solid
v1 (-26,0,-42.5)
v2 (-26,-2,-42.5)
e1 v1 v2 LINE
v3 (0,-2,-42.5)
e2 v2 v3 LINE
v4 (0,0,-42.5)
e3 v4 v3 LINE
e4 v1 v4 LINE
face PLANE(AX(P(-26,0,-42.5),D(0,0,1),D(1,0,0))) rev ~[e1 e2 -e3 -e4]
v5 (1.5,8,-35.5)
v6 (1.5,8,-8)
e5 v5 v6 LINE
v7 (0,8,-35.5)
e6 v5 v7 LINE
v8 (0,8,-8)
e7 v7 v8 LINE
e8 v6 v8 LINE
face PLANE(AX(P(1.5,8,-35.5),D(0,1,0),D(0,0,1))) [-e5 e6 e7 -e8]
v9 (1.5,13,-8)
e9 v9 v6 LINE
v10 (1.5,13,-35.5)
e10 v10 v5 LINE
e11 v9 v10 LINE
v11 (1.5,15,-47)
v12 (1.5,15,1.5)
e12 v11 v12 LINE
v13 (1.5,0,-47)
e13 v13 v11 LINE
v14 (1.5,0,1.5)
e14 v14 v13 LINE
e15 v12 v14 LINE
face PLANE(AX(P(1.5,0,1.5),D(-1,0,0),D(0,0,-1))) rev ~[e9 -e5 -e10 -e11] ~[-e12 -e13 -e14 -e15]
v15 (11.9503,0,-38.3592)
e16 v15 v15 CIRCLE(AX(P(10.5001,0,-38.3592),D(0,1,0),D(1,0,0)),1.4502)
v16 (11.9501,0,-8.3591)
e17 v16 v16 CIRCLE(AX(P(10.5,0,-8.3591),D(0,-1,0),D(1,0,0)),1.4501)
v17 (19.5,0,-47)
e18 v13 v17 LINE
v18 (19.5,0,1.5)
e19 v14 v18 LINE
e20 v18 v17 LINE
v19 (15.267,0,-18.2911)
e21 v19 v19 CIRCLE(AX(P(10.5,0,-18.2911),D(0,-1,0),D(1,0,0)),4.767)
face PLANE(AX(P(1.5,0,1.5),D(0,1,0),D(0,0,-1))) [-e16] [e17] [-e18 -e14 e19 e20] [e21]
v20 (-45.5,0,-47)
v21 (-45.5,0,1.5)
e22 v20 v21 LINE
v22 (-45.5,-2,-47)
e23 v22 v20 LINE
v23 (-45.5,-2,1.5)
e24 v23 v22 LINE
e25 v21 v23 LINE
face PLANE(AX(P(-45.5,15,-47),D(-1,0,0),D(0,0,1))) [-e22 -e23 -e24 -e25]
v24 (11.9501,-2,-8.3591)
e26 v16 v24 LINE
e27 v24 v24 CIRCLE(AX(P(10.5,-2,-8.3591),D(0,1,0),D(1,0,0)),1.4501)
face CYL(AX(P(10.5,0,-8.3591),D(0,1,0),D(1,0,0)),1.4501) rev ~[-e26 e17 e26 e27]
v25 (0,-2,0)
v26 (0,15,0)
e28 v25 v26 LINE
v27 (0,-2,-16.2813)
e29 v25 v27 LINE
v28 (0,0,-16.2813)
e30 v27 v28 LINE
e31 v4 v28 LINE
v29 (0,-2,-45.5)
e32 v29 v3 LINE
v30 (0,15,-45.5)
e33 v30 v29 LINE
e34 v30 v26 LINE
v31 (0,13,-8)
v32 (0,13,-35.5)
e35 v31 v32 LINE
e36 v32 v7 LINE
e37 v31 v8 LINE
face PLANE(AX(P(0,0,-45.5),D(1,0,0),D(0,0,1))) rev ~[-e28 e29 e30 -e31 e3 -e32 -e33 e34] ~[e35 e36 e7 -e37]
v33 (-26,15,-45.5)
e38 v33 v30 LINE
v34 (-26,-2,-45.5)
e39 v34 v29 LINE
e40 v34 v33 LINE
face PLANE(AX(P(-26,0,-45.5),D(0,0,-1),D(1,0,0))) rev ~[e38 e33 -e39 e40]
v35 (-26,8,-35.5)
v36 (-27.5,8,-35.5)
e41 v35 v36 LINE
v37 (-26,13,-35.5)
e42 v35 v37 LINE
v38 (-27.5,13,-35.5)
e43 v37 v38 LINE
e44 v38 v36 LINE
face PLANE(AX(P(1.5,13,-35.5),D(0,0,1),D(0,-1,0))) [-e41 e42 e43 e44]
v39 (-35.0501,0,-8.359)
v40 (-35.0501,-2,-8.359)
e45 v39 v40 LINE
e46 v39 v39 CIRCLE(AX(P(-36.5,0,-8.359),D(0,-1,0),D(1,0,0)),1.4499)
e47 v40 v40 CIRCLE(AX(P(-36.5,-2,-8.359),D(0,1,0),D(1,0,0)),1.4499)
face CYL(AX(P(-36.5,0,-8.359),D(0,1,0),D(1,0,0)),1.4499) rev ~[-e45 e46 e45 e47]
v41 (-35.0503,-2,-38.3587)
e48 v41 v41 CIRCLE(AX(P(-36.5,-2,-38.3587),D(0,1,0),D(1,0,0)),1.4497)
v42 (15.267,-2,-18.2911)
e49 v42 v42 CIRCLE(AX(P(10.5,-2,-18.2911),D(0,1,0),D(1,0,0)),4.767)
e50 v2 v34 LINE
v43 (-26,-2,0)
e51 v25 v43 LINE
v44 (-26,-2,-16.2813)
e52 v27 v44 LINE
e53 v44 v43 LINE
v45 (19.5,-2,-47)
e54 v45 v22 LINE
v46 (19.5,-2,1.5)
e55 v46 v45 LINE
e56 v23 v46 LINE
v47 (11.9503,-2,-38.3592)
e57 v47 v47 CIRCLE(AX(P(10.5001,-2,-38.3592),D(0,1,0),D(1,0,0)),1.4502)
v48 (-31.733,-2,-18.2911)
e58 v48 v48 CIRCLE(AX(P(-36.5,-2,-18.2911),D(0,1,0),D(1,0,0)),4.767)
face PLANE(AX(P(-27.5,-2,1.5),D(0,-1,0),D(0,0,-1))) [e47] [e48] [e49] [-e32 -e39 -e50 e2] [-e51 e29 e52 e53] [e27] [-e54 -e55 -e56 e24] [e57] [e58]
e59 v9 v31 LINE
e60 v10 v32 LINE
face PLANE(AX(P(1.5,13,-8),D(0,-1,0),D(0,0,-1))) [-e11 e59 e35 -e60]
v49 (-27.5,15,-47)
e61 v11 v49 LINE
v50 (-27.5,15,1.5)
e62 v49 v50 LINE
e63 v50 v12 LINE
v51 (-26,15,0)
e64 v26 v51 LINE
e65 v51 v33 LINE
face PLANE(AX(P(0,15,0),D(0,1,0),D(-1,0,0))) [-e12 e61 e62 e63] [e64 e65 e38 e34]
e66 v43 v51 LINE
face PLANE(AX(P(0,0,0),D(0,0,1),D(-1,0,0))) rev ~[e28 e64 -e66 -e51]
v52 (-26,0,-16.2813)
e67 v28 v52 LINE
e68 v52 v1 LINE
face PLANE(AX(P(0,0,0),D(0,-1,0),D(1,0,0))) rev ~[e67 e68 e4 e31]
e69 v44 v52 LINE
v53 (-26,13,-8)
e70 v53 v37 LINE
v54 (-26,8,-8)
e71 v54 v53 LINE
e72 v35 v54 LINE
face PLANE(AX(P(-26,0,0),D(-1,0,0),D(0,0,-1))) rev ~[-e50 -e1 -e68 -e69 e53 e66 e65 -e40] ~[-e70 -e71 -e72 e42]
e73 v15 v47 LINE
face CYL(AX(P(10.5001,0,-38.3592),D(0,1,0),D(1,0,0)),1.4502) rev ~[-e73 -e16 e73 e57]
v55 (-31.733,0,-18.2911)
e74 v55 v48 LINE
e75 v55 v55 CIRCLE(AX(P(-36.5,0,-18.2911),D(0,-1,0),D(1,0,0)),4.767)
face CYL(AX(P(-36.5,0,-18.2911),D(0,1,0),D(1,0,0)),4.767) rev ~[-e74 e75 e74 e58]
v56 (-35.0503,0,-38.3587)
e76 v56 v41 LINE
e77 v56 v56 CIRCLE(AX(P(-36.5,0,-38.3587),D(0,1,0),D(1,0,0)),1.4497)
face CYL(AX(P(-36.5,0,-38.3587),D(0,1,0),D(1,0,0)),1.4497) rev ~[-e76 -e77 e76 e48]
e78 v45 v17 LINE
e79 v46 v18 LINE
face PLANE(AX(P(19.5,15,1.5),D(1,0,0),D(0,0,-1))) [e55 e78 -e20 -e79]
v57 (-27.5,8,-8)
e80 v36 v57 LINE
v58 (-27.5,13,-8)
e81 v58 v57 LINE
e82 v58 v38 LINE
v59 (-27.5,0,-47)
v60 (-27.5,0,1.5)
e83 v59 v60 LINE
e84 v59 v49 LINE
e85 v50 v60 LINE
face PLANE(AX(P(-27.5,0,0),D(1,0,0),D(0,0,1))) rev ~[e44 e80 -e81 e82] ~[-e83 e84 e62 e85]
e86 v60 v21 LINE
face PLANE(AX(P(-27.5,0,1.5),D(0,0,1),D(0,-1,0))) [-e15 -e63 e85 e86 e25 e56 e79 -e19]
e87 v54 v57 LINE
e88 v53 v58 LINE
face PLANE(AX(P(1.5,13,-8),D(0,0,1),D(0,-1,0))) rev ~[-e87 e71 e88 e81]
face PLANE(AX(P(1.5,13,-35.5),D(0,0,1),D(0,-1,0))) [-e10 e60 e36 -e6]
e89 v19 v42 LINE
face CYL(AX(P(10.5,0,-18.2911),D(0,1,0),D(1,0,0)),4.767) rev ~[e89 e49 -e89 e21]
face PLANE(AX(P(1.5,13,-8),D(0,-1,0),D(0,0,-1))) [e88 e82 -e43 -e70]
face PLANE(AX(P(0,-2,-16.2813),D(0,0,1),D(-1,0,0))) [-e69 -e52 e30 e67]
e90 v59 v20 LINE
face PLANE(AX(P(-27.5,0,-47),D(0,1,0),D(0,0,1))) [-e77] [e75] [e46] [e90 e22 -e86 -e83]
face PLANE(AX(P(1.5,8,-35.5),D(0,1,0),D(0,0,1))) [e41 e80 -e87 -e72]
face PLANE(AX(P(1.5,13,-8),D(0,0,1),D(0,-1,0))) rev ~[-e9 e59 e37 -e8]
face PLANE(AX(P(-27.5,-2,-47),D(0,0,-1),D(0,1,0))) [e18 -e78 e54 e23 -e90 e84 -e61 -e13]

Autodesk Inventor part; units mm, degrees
ref_plane "YZ Plane" through (0, 0, 0) normal (1, 0, 0) x (0, 1, 0)
ref_plane "XZ Plane" through (0, 0, 0) normal (0, 1, 0) x (-1, 0, 0)
sketch "Sketch1" plane through (0, 0, 0) normal (0, 1, 0) x (-1, 0, 0)
  line L0 (0, 0) -> (26, 0)
  line L1 (26, 0) -> (26, -45.5)
  line L2 (26, -45.5) -> (0, -45.5)
  line L3 (0, -45.5) -> (0, 0)
  line L4 (-1.5, 0) -> (-1.5, -45.5)
  line L5 (-1.5, -45.5) -> (-1.5, -47)
  line L6 (-1.5, -47) -> (26, -47)
  line L7 (26, -47) -> (27.5, -47)
  line L8 (27.5, -47) -> (27.5, 0)
  line L9 (27.5, 0) -> (27.5, 1.5)
  line L10 (27.5, 1.5) -> (-1.5, 1.5)
  line L11 (-1.5, 1.5) -> (-1.5, 0)
  dimension "d0" = 26
  dimension "d1" = 45.5
  dimension "d3" = 1.5
  dimension "d4" = 1.5
  dimension "d5" = 1.5
extrude "Extrusion1" add sketch "Sketch1" along normal blind 15
sketch "Sketch2" plane through (1.5, 0, 1.5) normal (1, 0, 0) x (0, 0, -1)
  line L0 (9.5, 13) -> (37, 13)
  line L1 (37, 13) -> (37, 8)
  line L2 (9.5, 13) -> (9.5, 8)
  line L3 (37, 8) -> (9.5, 8)
  point P0 (1.5, 0)
  point P1 (48.5, 0)
extrude "Extrusion2" cut sketch "Sketch2" against normal up to surface (29 mm away)
sketch "Sketch3" plane through (0, 0, 0) normal (0, -1, 0) x (1, 0, 0)
  line L0 (1.5, 1.5) -> (1.5, -47) projected
  line L1 (-27.5, 1.5) -> (1.5, 1.5) projected
  line L2 (-27.5, -47) -> (-27.5, 1.5) projected
  line L3 (1.5, -47) -> (-27.5, -47) projected
  line L4 (0, 0) -> (-26, 0) projected
  line L5 (0, -45.5) -> (0, 0) projected
  line L6 (-26, -45.5) -> (0, -45.5) projected
  line L7 (-26, 0) -> (-26, -45.5) projected
  line L8 (0, 0) -> (-26, 0) projected
  line L9 (-26, 0) -> (-26, -3)
  line L10 (-26, 0) -> (-26, -45.5) projected
  line L11 (-26, -3) -> (0, -3)
  line L12 (0, -45.5) -> (0, 0) projected
  line L13 (-26, -45.5) -> (-26, -42.5)
  line L14 (-26, -42.5) -> (0, -42.5)
  line L15 (0, -42.5) -> (-26, -42.5)
  line L16 (-26, -42.5) -> (-26, -3)
  line L17 (-26, -3) -> (0, -3)
  line L18 (0, -3) -> (0, -42.5)
  dimension "d15" = 3
  dimension "d16" = 3
extrude "Extrusion3" add sketch "Sketch3" along normal blind 2 contours L0 L3 L2 L1 | L5 L14 L7 L11
sketch "Sketch5" plane through (0, -2, 0) normal (0, -1, 0) x (1, 0, 0)
  line L0 (0, -3) -> (-26, -3) projected
  line L1 (0, -35.5) -> (0, -8) projected
  line L2 (-26, -3) -> (0, -3)
  line L3 (0, -3) -> (0, -16.2813)
  line L4 (0, -16.2813) -> (-26, -16.2813)
  line L5 (-26, -16.2813) -> (-26, -3)
  point P0 (0, 0)
  point P1 (0, -8)
ref_plane "Work Plane1" through (-23.6, 15, -43.3) normal (0, 1, 0) x (0, 0, 1)
extrude "Extrusion4" cut sketch "Sketch5" against normal up to surface (17 mm away)
sketch "Sketch6" plane through (1.5, 15, 1.5) normal (1, 0, 0) x (0, 0, -1)
  line L0 (0, -17) -> (48.5, -17) projected
  line L1 (0, -17) -> (0, -15)
  line L2 (0, 0) -> (0, -17) projected
  line L3 (0, -15) -> (48.5, -15)
  line L4 (48.5, -17) -> (48.5, 0) projected
  line L5 (48.5, -17) -> (48.5, -15)
  line L6 (48.5, -17) -> (0, -17)
  point P0 (1.5, -15)
  dimension "d21" = 2
extrude "Extrusion5" add sketch "Sketch6" along normal blind 18
sketch "Sketch7" plane through (-27.5, 15, -47) normal (-1, 0, 0) x (0, 0, 1)
  line L0 (0, -15) -> (48.5, -15) projected
  line L1 (48.5, -15) -> (48.5, -17) projected
  line L2 (48.5, -17) -> (0, -17) projected
  line L3 (0, -17) -> (0, -15) projected
  point P0 (47, -15)
extrude "Extrusion6" add sketch "Sketch7" along normal blind 18
sketch "Sketch8" plane through (1.5, 0, 1.5) normal (0, 1, 0) x (1, 0, 0)
  circle A0 centre (9, 9.8591) radius 1.4501 projected
  circle A1 centre (9.0001, 39.8592) radius 1.4502 projected
  circle A2 centre (-38, 9.859) radius 1.4499 projected
  circle A3 centre (-38, 39.8587) radius 1.4497 projected
  line L0 (9, 9.8591) -> (9, 19.7911)
  circle A4 centre (9, 19.7911) radius 4.767
  line L1 (-38, 9.859) -> (-38, 19.7911)
  circle A5 centre (-38, 19.7911) radius 4.767
  point P0 (-1.5, 1.5)
  dimension "d26" = 9.932
  dimension "d27" = 9.534
extrude "Extrusion7" cut sketch "Sketch8" against normal up to surface (2 mm away)
properties part number "voltometer_socket"
